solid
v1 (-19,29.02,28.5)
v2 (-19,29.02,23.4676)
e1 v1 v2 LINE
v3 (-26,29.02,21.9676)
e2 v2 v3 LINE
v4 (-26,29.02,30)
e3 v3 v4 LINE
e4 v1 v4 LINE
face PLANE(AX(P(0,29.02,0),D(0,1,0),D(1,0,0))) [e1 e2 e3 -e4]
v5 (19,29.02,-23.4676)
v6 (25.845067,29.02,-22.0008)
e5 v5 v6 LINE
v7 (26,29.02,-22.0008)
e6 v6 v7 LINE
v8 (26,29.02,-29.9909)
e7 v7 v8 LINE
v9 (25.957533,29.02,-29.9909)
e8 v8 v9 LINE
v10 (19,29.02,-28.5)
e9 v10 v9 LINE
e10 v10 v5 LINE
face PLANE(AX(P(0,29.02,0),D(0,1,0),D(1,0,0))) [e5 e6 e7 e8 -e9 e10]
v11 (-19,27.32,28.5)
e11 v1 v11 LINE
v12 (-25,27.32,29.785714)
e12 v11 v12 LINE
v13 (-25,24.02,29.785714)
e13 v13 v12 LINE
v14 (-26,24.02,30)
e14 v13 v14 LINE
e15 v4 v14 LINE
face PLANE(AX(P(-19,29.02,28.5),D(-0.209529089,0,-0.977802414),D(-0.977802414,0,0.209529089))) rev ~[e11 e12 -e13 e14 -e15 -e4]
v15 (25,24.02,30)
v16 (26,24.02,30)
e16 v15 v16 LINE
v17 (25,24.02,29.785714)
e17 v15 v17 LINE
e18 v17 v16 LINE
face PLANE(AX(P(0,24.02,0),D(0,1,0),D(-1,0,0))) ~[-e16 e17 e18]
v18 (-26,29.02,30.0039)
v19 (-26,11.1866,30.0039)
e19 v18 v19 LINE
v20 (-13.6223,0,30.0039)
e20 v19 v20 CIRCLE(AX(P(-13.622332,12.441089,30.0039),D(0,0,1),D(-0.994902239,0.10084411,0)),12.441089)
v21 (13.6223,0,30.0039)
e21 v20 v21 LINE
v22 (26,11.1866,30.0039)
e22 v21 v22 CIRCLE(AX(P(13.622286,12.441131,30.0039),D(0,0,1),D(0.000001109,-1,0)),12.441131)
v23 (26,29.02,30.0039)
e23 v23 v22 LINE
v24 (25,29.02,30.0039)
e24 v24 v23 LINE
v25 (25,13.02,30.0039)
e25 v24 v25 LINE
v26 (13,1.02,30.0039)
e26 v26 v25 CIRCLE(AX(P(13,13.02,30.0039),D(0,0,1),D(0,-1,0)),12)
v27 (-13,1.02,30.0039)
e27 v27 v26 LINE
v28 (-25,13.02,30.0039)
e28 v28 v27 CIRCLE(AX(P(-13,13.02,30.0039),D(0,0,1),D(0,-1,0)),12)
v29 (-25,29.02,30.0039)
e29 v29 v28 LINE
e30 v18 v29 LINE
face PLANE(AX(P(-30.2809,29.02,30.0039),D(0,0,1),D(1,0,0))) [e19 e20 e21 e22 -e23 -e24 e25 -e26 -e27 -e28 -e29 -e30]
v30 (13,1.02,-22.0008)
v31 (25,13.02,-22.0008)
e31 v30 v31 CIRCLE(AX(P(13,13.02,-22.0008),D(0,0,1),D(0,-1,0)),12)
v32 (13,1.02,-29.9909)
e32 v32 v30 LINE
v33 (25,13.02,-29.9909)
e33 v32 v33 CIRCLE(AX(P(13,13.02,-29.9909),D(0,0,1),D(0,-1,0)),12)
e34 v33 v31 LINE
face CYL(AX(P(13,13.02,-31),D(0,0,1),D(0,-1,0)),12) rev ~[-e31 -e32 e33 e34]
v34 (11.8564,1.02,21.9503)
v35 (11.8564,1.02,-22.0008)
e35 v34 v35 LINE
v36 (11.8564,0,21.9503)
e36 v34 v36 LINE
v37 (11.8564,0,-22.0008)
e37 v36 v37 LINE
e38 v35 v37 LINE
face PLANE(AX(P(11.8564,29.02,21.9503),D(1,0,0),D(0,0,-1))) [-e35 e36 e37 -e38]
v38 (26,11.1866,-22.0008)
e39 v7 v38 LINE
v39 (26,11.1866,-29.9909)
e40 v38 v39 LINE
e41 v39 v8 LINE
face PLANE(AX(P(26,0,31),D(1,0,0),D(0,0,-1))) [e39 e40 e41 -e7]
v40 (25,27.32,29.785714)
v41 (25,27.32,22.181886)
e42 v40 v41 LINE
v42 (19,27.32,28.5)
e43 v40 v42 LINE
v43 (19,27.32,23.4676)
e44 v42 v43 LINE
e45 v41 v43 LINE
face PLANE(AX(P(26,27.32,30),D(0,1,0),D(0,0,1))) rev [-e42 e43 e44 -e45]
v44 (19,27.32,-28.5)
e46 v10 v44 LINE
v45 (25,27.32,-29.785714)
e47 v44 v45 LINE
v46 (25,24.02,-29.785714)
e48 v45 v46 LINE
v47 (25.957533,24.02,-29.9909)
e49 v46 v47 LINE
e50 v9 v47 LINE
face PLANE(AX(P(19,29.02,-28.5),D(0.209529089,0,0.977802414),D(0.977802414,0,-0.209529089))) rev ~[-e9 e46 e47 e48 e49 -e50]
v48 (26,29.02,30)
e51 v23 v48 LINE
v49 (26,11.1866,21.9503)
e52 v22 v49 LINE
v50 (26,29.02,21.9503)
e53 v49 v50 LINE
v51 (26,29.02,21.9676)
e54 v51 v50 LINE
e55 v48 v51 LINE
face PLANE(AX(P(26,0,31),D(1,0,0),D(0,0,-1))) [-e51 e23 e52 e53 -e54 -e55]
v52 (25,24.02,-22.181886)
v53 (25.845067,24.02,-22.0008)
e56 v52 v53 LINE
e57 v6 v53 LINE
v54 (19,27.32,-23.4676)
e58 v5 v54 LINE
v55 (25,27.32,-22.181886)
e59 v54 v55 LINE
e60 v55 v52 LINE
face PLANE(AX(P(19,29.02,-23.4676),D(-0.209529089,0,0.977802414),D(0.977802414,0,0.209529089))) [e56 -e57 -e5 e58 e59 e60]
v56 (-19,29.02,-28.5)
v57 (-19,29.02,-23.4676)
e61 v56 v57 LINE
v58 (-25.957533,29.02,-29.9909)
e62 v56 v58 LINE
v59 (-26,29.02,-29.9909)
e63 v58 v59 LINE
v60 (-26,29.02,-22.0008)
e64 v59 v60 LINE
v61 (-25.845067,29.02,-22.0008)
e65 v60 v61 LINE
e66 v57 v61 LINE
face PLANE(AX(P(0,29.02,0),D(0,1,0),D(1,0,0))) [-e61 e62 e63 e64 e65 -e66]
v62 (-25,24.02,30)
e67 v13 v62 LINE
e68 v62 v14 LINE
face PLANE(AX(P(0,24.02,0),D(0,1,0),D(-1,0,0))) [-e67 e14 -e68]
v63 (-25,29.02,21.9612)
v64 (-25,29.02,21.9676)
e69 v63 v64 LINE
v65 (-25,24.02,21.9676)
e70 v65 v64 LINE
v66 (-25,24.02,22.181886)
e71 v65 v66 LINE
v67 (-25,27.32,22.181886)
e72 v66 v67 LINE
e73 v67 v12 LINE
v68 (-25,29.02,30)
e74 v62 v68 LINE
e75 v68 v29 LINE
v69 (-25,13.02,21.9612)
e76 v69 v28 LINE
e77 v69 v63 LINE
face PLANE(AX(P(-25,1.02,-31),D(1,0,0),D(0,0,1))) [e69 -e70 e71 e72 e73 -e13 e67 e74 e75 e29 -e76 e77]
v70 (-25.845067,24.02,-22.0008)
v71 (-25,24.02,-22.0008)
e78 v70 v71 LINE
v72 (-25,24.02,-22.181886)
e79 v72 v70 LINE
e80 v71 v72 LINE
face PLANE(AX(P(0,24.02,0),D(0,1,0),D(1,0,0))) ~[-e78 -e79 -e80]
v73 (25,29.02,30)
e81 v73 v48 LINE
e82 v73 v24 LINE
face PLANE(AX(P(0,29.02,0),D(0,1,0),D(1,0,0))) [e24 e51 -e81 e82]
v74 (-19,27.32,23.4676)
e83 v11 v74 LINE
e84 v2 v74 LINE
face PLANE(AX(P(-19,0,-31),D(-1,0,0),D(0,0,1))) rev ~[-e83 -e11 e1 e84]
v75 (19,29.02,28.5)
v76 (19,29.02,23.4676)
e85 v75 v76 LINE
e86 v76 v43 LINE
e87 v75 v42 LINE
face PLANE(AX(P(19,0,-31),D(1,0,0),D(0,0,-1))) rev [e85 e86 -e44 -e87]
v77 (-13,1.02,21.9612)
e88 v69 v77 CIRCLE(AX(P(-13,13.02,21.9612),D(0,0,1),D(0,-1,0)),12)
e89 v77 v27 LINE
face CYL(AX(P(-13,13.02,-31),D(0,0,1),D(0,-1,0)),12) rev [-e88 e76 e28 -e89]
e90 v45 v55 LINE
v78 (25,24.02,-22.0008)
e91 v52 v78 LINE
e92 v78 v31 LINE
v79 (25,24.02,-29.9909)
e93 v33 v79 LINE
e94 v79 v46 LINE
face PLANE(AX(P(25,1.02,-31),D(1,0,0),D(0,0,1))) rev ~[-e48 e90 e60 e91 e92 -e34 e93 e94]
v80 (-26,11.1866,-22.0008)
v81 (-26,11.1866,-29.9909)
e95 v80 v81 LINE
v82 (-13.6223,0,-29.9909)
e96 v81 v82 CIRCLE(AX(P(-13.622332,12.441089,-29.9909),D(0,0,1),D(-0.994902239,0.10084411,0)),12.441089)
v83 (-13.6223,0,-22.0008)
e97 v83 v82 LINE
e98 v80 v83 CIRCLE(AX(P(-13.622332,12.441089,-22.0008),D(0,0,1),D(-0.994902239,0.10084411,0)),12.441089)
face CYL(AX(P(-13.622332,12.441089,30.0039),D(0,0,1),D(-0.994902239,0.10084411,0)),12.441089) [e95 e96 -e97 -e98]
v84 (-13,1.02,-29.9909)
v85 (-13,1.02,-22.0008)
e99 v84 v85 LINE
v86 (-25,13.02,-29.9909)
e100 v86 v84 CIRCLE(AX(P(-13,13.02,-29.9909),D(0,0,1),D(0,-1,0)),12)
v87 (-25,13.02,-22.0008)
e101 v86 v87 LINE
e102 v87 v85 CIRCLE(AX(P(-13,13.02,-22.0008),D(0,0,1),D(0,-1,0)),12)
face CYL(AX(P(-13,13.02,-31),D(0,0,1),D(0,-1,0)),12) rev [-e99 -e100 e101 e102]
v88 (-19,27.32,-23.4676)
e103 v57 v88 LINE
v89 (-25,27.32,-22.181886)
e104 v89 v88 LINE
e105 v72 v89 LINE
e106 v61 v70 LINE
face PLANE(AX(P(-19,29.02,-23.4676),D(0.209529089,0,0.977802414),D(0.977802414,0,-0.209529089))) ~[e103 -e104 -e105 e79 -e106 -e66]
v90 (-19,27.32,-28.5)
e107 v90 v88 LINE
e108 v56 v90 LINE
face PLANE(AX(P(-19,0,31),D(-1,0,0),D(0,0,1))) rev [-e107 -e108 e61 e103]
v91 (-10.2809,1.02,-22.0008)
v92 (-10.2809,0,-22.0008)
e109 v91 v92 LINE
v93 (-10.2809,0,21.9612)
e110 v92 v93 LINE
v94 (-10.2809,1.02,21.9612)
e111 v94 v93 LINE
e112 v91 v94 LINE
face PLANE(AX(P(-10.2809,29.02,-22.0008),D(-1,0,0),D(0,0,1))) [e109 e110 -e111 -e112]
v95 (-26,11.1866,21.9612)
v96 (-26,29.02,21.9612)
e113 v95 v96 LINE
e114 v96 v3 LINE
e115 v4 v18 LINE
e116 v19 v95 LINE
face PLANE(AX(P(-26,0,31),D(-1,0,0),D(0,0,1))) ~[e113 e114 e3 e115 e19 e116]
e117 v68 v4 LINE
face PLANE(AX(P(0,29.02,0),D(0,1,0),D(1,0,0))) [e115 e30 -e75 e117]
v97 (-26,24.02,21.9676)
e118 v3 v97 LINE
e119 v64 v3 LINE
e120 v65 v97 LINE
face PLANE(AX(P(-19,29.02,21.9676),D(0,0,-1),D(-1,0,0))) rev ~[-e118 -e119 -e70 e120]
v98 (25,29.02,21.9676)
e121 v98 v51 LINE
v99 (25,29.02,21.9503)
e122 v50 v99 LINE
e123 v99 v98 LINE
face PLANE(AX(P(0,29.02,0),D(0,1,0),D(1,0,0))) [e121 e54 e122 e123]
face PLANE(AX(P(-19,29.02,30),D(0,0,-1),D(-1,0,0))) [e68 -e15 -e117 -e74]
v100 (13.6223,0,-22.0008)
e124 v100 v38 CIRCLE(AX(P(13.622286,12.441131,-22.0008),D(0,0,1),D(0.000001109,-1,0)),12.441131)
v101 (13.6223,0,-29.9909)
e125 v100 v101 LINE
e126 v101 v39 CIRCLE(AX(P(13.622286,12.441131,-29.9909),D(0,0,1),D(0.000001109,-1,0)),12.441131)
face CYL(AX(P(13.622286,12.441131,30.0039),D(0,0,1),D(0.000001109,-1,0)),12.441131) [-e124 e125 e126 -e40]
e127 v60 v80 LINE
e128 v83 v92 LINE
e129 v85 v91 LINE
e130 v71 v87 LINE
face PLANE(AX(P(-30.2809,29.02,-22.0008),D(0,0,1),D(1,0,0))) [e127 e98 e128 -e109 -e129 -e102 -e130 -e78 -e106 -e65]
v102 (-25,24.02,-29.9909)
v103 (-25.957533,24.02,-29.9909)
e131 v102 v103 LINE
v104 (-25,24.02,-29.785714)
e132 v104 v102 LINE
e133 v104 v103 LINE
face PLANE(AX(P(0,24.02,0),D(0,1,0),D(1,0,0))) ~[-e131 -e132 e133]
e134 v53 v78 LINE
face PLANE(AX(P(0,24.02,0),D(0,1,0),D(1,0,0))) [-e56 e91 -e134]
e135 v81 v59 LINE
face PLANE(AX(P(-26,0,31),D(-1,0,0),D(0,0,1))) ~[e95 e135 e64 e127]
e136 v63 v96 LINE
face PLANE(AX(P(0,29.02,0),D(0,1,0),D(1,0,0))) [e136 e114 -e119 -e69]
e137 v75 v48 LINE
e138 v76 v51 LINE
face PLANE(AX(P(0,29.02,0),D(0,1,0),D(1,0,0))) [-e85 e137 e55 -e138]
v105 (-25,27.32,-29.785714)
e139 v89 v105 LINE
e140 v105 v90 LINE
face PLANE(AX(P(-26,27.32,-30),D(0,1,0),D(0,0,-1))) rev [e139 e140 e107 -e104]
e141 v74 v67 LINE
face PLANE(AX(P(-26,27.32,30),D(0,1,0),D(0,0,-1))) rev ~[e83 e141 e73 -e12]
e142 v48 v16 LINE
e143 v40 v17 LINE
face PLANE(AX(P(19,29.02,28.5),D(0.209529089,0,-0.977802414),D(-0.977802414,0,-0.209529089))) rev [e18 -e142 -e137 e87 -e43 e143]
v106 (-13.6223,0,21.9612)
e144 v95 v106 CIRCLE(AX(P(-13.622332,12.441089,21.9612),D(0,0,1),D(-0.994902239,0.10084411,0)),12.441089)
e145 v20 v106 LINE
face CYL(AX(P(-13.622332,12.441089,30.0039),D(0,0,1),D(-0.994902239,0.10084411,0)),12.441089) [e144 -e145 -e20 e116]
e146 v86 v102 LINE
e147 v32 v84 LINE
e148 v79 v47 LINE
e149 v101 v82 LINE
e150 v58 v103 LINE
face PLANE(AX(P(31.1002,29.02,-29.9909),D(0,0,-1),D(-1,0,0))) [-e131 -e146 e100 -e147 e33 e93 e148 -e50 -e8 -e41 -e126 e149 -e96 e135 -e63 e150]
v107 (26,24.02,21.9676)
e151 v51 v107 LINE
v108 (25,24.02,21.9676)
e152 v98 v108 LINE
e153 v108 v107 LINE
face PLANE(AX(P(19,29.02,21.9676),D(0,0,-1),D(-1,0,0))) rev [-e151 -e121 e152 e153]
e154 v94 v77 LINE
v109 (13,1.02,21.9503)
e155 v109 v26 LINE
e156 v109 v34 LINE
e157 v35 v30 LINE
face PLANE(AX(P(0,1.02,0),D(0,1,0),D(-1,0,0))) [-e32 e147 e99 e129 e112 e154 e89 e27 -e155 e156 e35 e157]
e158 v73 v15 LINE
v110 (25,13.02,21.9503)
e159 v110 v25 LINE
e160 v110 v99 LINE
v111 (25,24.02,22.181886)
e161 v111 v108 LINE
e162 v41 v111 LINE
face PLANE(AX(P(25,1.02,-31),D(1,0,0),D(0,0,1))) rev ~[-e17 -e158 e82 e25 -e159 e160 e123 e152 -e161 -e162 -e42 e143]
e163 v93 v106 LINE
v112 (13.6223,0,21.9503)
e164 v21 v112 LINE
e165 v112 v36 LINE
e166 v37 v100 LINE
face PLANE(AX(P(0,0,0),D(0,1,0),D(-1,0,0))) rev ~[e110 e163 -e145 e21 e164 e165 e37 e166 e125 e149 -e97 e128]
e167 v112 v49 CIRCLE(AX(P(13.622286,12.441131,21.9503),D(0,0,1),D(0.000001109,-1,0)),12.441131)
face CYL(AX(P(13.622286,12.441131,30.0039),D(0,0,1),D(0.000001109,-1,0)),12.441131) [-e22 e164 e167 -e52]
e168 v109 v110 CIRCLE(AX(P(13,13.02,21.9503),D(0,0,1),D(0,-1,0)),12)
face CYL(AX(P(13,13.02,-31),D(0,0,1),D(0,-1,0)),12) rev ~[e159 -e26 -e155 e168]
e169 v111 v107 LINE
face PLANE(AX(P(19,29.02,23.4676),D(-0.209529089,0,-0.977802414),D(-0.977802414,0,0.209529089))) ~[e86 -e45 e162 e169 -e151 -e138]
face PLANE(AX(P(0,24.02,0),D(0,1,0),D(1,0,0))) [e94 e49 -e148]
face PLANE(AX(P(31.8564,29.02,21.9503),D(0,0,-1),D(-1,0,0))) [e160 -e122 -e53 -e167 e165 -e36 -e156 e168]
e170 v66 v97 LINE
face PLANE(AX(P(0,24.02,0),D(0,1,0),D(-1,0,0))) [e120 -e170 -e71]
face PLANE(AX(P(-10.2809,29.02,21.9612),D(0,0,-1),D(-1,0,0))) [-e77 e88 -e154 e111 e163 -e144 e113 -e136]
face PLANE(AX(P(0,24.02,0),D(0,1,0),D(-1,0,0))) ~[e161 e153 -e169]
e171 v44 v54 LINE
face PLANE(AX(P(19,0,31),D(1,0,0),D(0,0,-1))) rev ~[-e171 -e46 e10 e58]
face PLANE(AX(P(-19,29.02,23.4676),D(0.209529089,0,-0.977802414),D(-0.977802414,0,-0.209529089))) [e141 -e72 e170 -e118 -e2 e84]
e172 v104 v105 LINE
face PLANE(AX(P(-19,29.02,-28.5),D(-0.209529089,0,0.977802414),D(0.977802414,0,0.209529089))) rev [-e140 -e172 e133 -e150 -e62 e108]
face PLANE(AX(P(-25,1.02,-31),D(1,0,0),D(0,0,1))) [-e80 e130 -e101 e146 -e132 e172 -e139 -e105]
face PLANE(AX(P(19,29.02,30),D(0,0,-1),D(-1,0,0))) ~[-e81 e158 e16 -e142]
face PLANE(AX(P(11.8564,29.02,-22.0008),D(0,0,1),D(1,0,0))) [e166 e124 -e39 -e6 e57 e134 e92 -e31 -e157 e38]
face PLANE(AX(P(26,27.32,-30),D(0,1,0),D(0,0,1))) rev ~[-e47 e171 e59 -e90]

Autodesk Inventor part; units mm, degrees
ref_plane "YZ Plane" through (0, 0, 0) normal (1, 0, 0) x (0, 1, 0)
ref_plane "XZ Plane" through (0, 0, 0) normal (0, 1, 0) x (-1, 0, 0)
ref_plane "XY Plane" through (0, 0, 0) normal (0, 0, 1) x (1, 0, 0)
sketch "Sketch1" plane through (0, 0, 0) normal (0, 1, 0) x (-1, 0, 0)
  line L0 (-26, -31) -> (26, -31)
  line L1 (26, -31) -> (26, 31)
  line L2 (26, 31) -> (-26, 31)
  line L3 (-26, 31) -> (-26, -31)
  line L4 (-26, -31) -> (26, 31) construction
  line L5 (26, -31) -> (-26, 31) construction
  point P0 (0, 0)
  dimension "d0" = 52
  dimension "d2" = 62
extrude "Extrusion1" add sketch "Sketch1" along normal blind 1.02
sketch "Sketch2" plane through (0, 1.02, 0) normal (0, 1, 0) x (1, 0, 0)
  line L0 (26, 31) -> (-26, 31) projected
  line L1 (-26, 31) -> (-26, -31) projected
  line L2 (-26, -31) -> (26, -31) projected
  line L3 (-26, 31) -> (-25, 31)
  line L4 (-25, 31) -> (-25, -31)
  line L5 (-26, -31) -> (-25, -31)
  line L6 (-26, -31) -> (-26, 31)
  line L7 (0, 46.5401) -> (0, -49.8176) construction
  line L8 (26, 31) -> (26, -31)
  line L9 (26, 31) -> (25, 31)
  line L10 (25, 31) -> (25, -31)
  line L11 (26, -31) -> (25, -31)
  line L12 (26, -31) -> (26, 31)
  point P0 (0, 0)
  dimension "d5" = 1
extrude "Extrusion2" add sketch "Sketch2" along normal blind 28 contours L8 L2 L10 L0 | L4 L2 L1 L0
fillet "Fillet1" radius 12 1 edges at (-25, 1.02, 0)
mirror "Mirror1" about plane through (0, 0, 0) normal (1, 0, 0) of "Fillet1"
sketch "Sketch3" plane through (-26, 0, -31) normal (-1, 0, 0) x (0, 0, 1)
  line L0 (0, 0) -> (62, 0) projected
  line L1 (62, 29.02) -> (61, 29.02) construction
  line L2 (61, 29.02) -> (61, 27.32)
  line L3 (61, 27.32) -> (53, 27.32)
  line L4 (53, 27.32) -> (53, 29.02)
  line L5 (61, 29.02) -> (53, 29.02)
  line L6 (53, 29.02) -> (61, 29.02)
  point P0 (31, 0)
  dimension "d9" = 1
  dimension "d10" = 1.7
  dimension "d11" = 8
extrude "Extrusion3" add sketch "Sketch3" against normal blind 7
mirror "Mirror3" about plane through (0, 0, 0) normal (0, 0, 1) of "Extrusion3"
mirror "Mirror4" about plane through (0, 0, 0) normal (1, 0, 0) of "Extrusion3", "Mirror3"
sketch "Sketch6" plane through (0, 29.02, 0) normal (0, 1, 0) x (1, 0, 0)
  line L0 (-30.2809, -30.0039) -> (31.8564, -30.0039)
  line L1 (31.8564, -30.0039) -> (31.8564, -41.1164)
  line L2 (31.8564, -41.1164) -> (-30.2809, -41.1164)
  line L3 (-30.2809, -41.1164) -> (-30.2809, -30.0039)
  line L4 (-30.2809, 39.7218) -> (31.1002, 39.7218)
  line L5 (31.1002, 39.7218) -> (31.1002, 29.9909)
  line L6 (31.1002, 29.9909) -> (-30.2809, 29.9909)
  line L7 (-30.2809, 29.9909) -> (-30.2809, 39.7218)
  line L8 (-30.2809, 22.0008) -> (-10.2809, 22.0008)
  line L9 (-10.2809, 22.0008) -> (-10.2809, -21.9612)
  line L10 (-10.2809, -21.9612) -> (-30.2809, -21.9612)
  line L11 (-30.2809, -21.9612) -> (-30.2809, 22.0008)
  line L12 (31.8564, -21.9503) -> (11.8564, -21.9503)
  line L13 (11.8564, -21.9503) -> (11.8564, 22.0008)
  line L14 (11.8564, 22.0008) -> (31.8564, 22.0008)
  line L15 (31.8564, 22.0008) -> (31.8564, -21.9503)
  point P0 (0, 0)
  dimension "d26" = 20
  dimension "d27" = 20
extrude "Extrusion6" cut sketch "Sketch6" against normal through all
sketch "Sketch7" plane through (0, 29.02, 0) normal (0, 1, 0) x (1, 0, 0)
  line L0 (19, 22.0008) -> (19, 30) projected
  line L1 (26, 22.0008) -> (26, 29.9909) projected
  line L2 (19, 30) -> (19, 28.5)
  line L3 (19, 28.5) -> (26, 30)
  line L4 (19, 30) -> (26, 30)
  line L5 (19, 30) -> (19, 22.0008) construction
  line L6 (18.3, 25.9838) -> (30.5903, 25.9838) construction
  line L7 (19, 29.9668) -> (19, 21.9676)
  line L8 (26, 29.9668) -> (26, 21.9767)
  line L9 (19, 21.9676) -> (19, 23.4676)
  line L10 (19, 23.4676) -> (26, 21.9676)
  line L11 (19, 21.9676) -> (26, 21.9676)
  line L12 (19, 21.9676) -> (19, 29.9668) construction
  point P0 (0, 0)
  dimension "d30" = 1.5
extrude "Extrusion7" cut sketch "Sketch7" against normal blind 5
mirror "Mirror6" about plane through (0, 0, 0) normal (1, 0, 0) of "Extrusion7"
mirror "Mirror7" about plane through (0, 0, 0) normal (0, 0, 1) of "Extrusion7", "Mirror6"
sketch "Sketch8" plane through (-26, 0, 30.0039) normal (0, 0, 1) x (1, 0, 0)
  line L0 (0, 0) -> (0, 29.02) projected
  line L1 (52, 0) -> (0, 0) projected
  line L2 (51, 29.02) -> (52, 29.02) projected
  arc A0 (0, 13.6957) -> (12.3777, 0) centre (12.3777, 12.4411) ccw
  line L3 (0, 11.1866) -> (0, 0)
  arc A1 (1, 13.02) -> (13, 1.02) centre (13, 13.02) ccw projected
  line L4 (52, 29.02) -> (52, 0) projected
  line L5 (26, 0) -> (26, 62.522) construction
  line L6 (52, 0) -> (52, 29.02)
  line L7 (0, 0) -> (52, 0)
  arc A2 (39.6223, 0) -> (52, 13.6957) centre (39.6223, 12.4411) ccw
  line L8 (52, 11.1866) -> (52, 0)
  arc A3 (39, 1.02) -> (51, 13.02) centre (39, 13.02) ccw
  dimension "d35" = 0.5788
extrude "Extrusion8" cut sketch "Sketch8" against normal through all contours A2 L4 L1 | L0 A0 L1
properties part number "tapa"
